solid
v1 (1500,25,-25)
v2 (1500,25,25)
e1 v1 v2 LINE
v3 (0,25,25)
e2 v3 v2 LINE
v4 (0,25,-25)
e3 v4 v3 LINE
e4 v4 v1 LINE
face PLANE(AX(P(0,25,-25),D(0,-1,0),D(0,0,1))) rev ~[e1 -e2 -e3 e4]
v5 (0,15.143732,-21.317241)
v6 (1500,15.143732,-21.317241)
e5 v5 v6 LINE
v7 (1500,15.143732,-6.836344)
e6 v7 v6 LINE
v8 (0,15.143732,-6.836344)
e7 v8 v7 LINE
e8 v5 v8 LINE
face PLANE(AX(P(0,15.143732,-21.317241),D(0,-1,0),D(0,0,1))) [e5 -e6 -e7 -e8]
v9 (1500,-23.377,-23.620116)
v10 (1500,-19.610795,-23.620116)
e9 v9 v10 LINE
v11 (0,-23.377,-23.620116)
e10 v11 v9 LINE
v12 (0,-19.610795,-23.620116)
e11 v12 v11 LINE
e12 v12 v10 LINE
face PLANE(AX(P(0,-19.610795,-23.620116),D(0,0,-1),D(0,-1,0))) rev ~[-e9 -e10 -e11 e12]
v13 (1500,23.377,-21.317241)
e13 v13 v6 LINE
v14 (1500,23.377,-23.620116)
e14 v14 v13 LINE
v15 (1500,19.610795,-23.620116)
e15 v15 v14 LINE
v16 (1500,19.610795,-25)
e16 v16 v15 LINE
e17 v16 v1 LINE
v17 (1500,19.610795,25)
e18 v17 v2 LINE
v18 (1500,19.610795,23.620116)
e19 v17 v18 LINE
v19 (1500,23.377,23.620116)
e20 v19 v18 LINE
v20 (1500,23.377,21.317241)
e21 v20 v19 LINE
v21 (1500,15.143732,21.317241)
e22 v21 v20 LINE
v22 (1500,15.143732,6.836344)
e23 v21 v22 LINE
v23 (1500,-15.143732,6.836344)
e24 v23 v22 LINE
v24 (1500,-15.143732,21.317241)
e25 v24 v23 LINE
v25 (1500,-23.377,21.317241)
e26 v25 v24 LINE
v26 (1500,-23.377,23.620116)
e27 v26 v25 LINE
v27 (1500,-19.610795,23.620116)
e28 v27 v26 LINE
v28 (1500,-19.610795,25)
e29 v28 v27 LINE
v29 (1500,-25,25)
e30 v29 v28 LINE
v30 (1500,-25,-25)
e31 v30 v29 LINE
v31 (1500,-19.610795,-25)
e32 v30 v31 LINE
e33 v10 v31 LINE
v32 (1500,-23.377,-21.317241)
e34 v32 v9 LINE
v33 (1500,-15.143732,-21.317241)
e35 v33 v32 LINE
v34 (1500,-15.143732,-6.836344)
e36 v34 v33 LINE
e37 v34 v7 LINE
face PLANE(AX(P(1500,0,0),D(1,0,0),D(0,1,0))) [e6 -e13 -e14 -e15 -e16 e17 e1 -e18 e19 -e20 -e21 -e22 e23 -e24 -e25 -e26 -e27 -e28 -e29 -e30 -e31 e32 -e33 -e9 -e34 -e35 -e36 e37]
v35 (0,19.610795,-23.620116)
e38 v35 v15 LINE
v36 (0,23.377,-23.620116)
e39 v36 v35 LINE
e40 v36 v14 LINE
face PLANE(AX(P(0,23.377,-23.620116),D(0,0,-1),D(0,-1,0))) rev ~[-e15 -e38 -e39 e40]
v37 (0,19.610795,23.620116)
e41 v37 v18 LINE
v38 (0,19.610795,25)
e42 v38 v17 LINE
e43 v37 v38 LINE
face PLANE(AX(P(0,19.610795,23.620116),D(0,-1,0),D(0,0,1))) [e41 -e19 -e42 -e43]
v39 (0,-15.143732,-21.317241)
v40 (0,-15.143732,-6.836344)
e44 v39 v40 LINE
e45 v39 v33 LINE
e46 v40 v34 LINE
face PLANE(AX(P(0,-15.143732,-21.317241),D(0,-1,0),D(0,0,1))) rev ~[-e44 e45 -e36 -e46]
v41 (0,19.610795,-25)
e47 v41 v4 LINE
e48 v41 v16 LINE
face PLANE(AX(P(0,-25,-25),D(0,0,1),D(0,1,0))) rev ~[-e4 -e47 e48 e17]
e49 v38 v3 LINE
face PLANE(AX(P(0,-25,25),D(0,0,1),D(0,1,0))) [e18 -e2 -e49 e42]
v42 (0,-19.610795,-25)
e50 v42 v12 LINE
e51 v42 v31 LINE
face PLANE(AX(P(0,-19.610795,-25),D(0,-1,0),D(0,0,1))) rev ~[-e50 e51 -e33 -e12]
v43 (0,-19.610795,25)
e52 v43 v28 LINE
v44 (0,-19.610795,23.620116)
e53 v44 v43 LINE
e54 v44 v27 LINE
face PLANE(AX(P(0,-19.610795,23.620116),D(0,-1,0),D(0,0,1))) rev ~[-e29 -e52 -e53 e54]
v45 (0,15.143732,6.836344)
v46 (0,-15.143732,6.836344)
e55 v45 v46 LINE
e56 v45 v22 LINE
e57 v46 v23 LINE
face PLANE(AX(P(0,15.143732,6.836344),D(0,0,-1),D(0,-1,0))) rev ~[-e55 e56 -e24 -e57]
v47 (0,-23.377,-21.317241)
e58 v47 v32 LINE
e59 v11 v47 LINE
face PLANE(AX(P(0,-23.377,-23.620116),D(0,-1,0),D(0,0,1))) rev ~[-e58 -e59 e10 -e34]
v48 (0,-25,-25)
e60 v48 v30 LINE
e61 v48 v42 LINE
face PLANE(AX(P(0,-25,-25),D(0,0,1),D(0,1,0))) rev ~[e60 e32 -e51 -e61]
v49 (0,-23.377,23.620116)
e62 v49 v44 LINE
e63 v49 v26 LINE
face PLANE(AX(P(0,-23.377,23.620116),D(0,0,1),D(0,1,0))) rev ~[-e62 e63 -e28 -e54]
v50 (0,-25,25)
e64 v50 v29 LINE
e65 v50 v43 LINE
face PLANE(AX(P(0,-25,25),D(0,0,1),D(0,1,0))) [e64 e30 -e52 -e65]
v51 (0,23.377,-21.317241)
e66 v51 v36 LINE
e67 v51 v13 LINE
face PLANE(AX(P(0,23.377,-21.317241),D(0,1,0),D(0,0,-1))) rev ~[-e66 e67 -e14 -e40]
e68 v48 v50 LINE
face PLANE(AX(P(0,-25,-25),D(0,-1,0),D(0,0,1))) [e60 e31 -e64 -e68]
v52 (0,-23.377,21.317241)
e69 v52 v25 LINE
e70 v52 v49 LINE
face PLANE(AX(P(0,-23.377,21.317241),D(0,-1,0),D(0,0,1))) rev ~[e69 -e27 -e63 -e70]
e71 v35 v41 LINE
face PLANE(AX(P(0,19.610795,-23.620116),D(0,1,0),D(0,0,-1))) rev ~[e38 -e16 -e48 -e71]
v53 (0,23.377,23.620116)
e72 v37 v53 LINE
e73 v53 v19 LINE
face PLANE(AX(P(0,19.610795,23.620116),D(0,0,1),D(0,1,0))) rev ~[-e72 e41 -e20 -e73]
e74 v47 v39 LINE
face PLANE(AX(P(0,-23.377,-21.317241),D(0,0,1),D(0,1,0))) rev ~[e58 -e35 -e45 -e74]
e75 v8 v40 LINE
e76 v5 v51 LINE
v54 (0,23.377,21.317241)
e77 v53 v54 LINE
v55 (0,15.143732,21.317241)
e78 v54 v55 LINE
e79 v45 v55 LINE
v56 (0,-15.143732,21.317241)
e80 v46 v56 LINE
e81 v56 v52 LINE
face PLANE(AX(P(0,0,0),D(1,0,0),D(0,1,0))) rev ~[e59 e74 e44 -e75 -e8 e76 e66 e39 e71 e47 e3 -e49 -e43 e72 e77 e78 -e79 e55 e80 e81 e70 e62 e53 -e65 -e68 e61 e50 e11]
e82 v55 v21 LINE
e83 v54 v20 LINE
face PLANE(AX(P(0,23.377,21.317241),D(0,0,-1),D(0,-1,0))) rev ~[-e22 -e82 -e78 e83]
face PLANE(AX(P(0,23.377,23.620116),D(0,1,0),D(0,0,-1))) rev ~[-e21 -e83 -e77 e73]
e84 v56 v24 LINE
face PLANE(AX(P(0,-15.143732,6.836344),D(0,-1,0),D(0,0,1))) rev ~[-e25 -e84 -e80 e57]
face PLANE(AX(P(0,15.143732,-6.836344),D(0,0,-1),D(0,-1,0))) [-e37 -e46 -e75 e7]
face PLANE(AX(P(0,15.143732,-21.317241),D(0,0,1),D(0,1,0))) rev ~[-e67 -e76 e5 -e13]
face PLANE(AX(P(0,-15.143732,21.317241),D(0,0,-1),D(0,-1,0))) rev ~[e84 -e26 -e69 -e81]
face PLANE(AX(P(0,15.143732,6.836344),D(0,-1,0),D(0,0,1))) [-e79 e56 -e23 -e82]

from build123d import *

# Parameters (mm, degrees)
F0_W     = 50
F0_H     = 50
F1_DEPTH = 1500
F2_W     = 30.287463218
F2_H     = 14.4808968701
F2_W_2   = 39.2215898418
F2_H_2   = 1.1514374092
F2_H_3   = 1.3798842891
F3_DEPTH = 1500.001


with BuildPart() as f1:
    # F0 (on Right) → F1 (new body)
    with BuildSketch(Plane.YZ):
        Rectangle(F0_W, F0_H)
    extrude(amount=F1_DEPTH)

    # F2 (on face) → F3 (cut, through all)
    with BuildSketch(Plane(origin=(0, 0, 0), x_dir=(0, -1, 0), z_dir=(-1, 0, 0))):
        with Locations((0, 14.0767924573)):
            Rectangle(F2_W, F2_H)
        Polygon((19.6107949209, 23.6201157109), (19.6107949209, 22.4686783016), (-19.6107949209, 22.4686783016), (-19.6107949209, 23.6201157109), (-23.3770003208, 23.6201157109), (-23.3770003208, 21.3172408924), (-15.143731609, 21.3172408924), (15.143731609, 21.3172408924), (23.3770003208, 21.3172408924), (23.3770003208, 23.6201157109), align=None)
        with Locations((0, 23.0443970062)):
            Rectangle(F2_W_2, F2_H_2)
        with Locations((0, 24.3100578554)):
            Rectangle(F2_W_2, F2_H_3)
        with Locations((0, -24.3100578554)):
            Rectangle(F2_W_2, F2_H_3)
        with Locations((0, -23.0443970062)):
            Rectangle(F2_W_2, F2_H_2)
        Polygon((19.6107949209, -22.4686783016), (19.6107949209, -23.6201157109), (23.3770003208, -23.6201157109), (23.3770003208, -21.3172408924), (15.143731609, -21.3172408924), (-15.143731609, -21.3172408924), (-23.3770003208, -21.3172408924), (-23.3770003208, -23.6201157109), (-19.6107949209, -23.6201157109), (-19.6107949209, -22.4686783016), align=None)
        with Locations((0, -14.0767924573)):
            Rectangle(F2_W, F2_H)
    extrude(amount=-F3_DEPTH, mode=Mode.SUBTRACT)


solid = f1.part
